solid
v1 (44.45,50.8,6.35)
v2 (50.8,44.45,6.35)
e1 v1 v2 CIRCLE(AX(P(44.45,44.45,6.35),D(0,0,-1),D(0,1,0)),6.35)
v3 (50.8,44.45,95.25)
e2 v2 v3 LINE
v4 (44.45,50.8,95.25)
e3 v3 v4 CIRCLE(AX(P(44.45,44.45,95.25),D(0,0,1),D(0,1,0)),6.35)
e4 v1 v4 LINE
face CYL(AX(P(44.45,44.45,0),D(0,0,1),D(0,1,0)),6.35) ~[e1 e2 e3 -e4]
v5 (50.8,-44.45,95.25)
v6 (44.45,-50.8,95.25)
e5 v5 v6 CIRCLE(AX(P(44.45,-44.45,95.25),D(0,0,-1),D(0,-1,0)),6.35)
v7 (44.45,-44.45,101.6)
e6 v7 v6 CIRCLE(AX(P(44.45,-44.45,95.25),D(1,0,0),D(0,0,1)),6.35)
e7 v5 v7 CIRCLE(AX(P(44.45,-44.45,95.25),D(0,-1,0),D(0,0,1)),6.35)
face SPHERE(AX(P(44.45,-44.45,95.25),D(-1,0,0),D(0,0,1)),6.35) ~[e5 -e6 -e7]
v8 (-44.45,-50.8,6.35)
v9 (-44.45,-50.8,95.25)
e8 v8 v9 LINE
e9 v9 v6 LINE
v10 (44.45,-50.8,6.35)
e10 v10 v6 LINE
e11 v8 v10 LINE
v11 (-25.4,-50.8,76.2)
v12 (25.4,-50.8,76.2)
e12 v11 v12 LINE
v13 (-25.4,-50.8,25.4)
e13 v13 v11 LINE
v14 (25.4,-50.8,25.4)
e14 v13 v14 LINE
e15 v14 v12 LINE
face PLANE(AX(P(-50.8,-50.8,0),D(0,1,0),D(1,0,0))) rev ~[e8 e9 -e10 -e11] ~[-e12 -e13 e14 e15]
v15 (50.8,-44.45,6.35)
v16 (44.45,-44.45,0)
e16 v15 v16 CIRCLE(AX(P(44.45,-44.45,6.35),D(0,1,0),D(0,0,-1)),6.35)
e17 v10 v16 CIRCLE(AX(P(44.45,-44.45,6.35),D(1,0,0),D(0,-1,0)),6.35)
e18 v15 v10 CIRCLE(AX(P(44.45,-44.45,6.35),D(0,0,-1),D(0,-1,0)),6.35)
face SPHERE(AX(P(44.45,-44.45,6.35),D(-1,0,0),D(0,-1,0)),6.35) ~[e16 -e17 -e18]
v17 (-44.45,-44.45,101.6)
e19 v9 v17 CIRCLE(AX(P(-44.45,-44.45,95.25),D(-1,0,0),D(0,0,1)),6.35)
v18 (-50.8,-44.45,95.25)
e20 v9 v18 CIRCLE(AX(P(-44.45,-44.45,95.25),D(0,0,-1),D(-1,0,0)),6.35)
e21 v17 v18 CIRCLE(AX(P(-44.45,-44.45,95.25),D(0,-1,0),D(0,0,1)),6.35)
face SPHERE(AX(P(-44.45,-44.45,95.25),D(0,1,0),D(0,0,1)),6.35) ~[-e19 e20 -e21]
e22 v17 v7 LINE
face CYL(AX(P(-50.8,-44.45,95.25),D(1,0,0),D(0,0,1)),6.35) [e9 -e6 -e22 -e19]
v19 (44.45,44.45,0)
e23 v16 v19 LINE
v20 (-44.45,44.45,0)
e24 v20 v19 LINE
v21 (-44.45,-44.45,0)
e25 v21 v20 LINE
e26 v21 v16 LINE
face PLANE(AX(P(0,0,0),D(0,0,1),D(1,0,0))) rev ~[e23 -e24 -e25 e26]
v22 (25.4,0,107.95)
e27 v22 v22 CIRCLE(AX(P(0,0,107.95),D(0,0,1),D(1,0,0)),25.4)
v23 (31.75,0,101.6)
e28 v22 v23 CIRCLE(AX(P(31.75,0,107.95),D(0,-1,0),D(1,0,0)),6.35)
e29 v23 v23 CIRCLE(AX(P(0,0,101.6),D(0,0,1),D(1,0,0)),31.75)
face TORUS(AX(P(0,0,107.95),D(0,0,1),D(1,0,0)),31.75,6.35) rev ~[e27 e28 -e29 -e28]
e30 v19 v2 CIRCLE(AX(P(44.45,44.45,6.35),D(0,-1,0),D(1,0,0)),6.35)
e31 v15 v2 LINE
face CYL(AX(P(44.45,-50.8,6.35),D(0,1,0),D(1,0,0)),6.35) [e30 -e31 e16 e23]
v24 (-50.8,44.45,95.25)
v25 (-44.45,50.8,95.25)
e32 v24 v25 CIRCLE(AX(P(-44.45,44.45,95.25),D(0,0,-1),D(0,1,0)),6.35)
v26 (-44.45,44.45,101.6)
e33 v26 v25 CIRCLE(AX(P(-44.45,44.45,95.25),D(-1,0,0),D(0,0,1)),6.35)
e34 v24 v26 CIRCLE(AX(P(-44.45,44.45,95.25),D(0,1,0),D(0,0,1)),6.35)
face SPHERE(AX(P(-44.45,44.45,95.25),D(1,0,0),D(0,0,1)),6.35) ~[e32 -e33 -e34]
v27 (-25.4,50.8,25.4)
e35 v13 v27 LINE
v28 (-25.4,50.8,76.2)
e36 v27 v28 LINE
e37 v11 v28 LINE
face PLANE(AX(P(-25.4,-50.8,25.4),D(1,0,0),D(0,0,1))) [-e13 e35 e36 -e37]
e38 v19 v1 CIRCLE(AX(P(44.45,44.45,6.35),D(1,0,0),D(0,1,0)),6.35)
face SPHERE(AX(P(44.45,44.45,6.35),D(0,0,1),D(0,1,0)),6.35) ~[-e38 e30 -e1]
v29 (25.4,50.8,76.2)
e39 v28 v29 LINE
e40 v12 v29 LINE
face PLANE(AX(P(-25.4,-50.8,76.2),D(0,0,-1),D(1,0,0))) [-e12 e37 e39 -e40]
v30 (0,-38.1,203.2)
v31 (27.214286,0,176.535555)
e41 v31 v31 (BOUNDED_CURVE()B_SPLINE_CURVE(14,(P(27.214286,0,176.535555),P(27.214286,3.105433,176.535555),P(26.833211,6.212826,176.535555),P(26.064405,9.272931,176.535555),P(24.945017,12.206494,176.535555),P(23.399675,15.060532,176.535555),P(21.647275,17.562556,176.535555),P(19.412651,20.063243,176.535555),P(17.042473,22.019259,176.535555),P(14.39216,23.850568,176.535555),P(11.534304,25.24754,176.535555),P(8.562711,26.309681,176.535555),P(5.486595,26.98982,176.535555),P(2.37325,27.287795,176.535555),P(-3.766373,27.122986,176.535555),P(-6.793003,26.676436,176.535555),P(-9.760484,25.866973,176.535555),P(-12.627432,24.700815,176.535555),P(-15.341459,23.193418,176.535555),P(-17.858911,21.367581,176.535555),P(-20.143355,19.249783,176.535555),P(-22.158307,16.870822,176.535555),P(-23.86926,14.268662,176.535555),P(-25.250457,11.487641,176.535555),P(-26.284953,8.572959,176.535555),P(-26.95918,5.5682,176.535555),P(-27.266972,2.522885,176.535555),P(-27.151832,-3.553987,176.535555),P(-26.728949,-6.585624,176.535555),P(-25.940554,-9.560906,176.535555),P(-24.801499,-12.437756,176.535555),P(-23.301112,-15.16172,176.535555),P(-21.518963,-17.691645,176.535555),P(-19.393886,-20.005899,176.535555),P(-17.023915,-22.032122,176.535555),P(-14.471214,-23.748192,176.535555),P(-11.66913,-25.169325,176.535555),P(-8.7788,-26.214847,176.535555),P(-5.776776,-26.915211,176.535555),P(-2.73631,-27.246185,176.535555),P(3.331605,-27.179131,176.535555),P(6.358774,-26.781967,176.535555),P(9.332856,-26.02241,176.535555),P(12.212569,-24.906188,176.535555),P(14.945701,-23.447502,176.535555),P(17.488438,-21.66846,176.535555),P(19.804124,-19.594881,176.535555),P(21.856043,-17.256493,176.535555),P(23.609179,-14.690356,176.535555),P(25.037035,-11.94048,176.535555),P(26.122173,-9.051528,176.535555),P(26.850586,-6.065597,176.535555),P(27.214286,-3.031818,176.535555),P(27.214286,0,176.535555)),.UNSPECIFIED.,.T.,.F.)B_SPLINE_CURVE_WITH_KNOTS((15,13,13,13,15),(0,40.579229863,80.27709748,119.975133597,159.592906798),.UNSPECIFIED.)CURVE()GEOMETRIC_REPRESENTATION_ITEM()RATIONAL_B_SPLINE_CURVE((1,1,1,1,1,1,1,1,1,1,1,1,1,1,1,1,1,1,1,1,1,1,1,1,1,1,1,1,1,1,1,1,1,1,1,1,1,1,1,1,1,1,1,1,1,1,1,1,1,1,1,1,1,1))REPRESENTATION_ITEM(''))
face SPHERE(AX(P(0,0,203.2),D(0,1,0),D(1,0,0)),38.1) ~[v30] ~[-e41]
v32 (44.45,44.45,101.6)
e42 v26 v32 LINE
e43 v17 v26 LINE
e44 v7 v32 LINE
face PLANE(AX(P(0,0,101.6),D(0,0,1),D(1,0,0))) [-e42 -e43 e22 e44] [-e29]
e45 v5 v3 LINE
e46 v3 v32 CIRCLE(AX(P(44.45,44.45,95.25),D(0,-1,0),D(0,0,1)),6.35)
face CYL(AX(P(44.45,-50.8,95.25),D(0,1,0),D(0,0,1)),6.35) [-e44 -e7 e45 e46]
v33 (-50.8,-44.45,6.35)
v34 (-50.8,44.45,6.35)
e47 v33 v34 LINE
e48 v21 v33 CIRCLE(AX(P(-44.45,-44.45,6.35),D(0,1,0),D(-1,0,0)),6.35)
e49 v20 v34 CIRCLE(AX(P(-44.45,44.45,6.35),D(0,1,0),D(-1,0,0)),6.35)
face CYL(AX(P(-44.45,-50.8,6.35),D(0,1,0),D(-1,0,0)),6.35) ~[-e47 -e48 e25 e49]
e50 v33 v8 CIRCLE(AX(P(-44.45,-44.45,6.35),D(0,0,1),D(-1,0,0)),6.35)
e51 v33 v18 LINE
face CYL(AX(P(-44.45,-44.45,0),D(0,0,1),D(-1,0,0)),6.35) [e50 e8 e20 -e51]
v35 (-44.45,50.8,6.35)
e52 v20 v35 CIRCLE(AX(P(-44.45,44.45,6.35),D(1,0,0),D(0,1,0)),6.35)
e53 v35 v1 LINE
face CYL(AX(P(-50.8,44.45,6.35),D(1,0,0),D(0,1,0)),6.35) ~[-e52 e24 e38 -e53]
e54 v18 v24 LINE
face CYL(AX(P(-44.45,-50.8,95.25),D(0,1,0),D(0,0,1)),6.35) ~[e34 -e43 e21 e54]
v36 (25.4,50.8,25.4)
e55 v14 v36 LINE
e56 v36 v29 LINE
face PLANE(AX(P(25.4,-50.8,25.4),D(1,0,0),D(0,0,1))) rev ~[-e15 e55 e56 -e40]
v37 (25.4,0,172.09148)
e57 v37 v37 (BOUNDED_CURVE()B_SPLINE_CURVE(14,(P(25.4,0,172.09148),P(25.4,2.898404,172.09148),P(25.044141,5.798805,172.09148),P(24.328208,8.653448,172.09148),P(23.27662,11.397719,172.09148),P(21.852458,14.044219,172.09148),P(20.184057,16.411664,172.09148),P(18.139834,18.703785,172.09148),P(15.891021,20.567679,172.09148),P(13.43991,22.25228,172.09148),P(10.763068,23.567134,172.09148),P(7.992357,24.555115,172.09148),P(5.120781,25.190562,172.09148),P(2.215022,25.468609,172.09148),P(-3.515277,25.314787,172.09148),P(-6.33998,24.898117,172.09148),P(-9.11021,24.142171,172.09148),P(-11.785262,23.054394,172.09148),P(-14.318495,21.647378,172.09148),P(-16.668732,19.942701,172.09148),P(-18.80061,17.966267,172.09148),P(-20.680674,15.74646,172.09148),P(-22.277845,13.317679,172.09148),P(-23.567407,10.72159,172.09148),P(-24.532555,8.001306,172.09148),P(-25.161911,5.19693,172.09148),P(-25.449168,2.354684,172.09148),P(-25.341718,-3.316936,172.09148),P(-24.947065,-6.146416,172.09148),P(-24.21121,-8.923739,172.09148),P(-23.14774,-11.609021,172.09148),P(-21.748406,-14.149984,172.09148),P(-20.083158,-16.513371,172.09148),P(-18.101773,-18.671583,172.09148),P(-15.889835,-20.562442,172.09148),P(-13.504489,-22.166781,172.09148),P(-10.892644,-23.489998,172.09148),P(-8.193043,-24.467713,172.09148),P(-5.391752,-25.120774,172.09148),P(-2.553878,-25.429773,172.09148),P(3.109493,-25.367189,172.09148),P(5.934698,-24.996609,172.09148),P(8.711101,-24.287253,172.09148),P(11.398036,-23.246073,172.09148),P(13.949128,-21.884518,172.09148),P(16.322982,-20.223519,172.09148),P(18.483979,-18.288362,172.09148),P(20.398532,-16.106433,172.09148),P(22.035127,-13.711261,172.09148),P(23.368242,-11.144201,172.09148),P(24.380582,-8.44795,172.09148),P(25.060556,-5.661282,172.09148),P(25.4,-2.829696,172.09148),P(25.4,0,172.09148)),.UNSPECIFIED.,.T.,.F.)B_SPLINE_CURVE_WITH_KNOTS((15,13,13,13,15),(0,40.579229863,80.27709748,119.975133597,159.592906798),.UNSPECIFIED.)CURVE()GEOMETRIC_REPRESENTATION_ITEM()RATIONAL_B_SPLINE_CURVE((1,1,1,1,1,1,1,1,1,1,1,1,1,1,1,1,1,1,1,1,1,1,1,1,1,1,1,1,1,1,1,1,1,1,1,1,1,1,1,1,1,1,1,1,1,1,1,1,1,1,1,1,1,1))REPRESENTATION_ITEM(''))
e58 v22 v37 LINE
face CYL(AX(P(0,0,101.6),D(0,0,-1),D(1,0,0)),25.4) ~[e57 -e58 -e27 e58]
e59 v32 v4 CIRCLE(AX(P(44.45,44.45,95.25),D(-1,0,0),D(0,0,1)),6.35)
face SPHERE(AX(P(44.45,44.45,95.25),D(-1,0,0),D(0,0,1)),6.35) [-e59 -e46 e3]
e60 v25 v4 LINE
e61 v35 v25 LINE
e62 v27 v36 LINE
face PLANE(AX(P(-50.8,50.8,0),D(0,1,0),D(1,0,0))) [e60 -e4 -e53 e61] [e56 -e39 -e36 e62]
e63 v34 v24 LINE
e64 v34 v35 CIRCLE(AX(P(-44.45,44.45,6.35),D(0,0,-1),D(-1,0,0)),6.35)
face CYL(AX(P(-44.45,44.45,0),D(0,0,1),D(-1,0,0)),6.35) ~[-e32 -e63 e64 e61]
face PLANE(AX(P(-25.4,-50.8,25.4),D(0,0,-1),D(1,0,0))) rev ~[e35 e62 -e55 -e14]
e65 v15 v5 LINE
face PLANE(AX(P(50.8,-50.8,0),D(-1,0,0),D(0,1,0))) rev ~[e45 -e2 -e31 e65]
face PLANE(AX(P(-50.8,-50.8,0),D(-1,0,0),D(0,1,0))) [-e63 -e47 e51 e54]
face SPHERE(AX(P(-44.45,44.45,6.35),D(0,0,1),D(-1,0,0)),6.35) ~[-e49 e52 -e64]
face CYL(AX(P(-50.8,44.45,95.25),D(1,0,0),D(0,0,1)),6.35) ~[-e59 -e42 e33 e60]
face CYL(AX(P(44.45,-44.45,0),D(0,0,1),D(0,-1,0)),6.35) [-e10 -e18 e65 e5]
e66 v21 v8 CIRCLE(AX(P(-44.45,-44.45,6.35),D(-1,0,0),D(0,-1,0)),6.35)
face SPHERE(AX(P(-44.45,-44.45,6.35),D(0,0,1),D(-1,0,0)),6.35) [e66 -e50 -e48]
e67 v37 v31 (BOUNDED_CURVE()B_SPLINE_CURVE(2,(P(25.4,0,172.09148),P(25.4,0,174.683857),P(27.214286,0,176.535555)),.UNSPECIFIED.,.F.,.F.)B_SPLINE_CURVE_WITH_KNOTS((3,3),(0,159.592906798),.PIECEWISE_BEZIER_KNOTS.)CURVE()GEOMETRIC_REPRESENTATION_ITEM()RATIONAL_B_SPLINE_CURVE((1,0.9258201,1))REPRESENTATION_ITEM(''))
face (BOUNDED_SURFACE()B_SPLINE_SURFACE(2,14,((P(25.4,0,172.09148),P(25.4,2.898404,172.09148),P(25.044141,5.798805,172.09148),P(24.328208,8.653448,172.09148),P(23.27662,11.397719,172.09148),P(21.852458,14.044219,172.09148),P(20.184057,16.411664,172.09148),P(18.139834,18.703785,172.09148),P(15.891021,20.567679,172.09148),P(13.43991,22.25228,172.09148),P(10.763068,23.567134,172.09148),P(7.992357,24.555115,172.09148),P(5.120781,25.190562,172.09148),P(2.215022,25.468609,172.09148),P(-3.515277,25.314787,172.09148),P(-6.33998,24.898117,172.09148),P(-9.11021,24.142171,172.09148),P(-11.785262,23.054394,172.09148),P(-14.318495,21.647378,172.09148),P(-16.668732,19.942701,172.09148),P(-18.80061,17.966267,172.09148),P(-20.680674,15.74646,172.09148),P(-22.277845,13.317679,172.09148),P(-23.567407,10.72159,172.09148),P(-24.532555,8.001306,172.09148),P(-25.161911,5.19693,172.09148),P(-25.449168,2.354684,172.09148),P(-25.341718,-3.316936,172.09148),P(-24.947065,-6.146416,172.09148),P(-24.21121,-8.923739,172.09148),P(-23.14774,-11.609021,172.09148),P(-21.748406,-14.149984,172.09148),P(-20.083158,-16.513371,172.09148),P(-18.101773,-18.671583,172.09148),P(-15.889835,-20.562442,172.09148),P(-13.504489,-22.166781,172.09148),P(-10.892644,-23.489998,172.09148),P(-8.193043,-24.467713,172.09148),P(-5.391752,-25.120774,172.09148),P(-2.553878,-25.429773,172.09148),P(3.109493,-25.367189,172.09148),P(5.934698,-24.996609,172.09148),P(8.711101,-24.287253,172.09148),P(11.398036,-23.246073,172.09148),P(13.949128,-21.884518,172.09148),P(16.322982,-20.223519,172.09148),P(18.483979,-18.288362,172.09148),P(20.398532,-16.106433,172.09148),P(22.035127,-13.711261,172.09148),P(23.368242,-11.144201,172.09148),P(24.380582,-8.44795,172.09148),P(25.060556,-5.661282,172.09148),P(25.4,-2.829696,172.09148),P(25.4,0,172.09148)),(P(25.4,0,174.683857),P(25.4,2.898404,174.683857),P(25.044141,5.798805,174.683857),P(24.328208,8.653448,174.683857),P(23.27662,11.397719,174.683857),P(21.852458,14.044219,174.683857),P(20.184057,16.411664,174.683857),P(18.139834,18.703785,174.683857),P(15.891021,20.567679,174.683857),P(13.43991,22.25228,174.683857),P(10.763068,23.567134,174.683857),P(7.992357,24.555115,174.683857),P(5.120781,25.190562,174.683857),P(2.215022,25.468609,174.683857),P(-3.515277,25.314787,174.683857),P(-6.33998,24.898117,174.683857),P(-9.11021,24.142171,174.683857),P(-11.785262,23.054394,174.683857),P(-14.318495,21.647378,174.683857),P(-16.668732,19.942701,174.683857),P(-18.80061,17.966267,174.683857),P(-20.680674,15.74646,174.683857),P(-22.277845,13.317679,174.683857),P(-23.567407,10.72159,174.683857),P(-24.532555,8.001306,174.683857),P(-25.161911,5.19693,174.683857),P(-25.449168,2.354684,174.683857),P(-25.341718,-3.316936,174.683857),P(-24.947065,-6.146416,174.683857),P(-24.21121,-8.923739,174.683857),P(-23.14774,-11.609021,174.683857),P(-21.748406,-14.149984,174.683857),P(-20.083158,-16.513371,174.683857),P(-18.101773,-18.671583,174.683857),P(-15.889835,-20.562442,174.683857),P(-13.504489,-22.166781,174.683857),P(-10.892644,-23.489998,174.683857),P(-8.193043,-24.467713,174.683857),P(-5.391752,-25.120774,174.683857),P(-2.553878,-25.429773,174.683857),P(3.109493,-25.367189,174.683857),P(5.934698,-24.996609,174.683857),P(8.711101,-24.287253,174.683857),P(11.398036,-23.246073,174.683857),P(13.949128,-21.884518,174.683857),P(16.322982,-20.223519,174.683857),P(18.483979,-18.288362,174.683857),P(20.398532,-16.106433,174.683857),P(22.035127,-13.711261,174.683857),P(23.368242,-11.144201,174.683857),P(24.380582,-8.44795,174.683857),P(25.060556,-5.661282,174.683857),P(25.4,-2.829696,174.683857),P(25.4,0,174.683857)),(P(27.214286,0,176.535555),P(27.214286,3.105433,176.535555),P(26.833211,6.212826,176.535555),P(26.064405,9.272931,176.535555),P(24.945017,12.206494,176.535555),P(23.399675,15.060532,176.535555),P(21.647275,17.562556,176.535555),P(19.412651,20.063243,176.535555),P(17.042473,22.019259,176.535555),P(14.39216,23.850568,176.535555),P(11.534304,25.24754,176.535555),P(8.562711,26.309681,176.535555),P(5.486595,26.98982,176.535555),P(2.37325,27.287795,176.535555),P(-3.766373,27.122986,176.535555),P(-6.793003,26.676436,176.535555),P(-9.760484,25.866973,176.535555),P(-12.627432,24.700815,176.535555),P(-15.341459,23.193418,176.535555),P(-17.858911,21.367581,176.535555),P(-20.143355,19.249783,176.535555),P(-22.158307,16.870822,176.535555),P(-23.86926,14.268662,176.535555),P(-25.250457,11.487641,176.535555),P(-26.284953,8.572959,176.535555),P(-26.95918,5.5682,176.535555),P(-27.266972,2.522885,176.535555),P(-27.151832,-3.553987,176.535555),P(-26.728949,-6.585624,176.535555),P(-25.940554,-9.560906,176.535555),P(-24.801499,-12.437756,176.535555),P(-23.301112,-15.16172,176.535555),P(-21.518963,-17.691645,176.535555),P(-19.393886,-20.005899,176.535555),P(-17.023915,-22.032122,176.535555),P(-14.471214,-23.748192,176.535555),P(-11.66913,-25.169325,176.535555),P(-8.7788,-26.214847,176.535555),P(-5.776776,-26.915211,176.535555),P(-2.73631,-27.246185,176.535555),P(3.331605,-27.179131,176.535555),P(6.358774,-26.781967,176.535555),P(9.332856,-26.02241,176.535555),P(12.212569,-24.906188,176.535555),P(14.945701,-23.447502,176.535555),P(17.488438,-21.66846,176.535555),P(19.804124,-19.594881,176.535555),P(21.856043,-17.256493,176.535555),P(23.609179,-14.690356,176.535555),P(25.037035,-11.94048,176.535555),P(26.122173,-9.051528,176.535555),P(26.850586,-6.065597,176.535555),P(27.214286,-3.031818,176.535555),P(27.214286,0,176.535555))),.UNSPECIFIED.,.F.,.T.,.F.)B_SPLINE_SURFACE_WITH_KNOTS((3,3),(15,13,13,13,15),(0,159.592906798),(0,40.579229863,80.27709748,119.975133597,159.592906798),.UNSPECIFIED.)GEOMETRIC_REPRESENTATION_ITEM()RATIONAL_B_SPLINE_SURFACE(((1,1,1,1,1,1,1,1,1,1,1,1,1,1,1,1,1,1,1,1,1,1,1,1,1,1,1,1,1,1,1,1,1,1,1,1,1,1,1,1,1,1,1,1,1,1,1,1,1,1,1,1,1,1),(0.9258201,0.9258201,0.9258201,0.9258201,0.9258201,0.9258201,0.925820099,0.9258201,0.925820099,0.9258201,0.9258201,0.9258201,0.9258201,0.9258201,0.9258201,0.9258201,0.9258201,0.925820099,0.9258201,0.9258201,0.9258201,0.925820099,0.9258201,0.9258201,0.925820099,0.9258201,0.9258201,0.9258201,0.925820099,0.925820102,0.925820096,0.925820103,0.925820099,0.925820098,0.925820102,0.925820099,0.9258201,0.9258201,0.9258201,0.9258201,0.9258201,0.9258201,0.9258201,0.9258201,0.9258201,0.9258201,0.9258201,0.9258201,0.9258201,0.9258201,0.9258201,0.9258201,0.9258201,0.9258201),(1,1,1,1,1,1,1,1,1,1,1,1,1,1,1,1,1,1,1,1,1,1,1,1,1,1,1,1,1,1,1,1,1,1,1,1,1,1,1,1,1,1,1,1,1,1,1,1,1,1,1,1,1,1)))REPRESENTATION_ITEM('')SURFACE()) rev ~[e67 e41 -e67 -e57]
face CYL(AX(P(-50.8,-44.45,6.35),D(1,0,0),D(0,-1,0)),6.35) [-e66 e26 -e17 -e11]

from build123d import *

# Parameters (mm, degrees)
F0_W     = 101.6
F0_H     = 101.6
F1_DEPTH = 101.6
F2_R     = 25.4
F3_DEPTH = 101.6
F6_W     = 50.8
F6_H     = 50.8
F7_DEPTH = 101.6
F8_R     = 6.35
F9_R     = 6.35


with BuildPart() as f1:
    # F0 (on Top) → F1 (new body)
    with BuildSketch(Plane.XY):
        Rectangle(F0_W, F0_H)
    extrude(amount=F1_DEPTH)

    # F2 (on face) → F3 (join)
    with BuildSketch(Plane.XY.offset(101.6)):
        Circle(F2_R)
    extrude(amount=F3_DEPTH)

    # F4 (on face) → F5 (revolve)
    with BuildSketch(Plane.XY.offset(203.2)):
        with BuildLine():
            Line((0, 25.4), (0, -25.4))
            ThreePointArc((0, -25.4), (17.9605122421, -17.9605122421), (25.4, 0))
            ThreePointArc((25.4, 0), (17.9605122421, 17.9605122421), (0, 25.4))
        make_face()
        with BuildLine():
            Line((0, -25.4), (0, -38.1))
            ThreePointArc((0, -38.1), (38.1, 0), (0, 38.1))
            Line((0, 38.1), (0, 25.4))
            ThreePointArc((0, 25.4), (17.9605122421, 17.9605122421), (25.4, 0))
            ThreePointArc((25.4, 0), (17.9605122421, -17.9605122421), (0, -25.4))
        make_face()
    revolve(axis=Axis((0, 0, 203.2), (0, -1, 0)))

    # F6 (on face) → F7 (cut)
    with BuildSketch(Plane.XZ.offset(50.8)):
        with Locations((0, 50.8)):
            Rectangle(F6_W, F6_H)
    extrude(amount=-F7_DEPTH, mode=Mode.SUBTRACT)

    # F8
    f8_edges = [f1.edges().sort_by_distance(p)[0] for p in [
        (0, 50.8, 101.6),
        (-50.8, 0, 101.6),
        (0, -50.8, 101.6),
        (50.8, 0, 101.6),
        (-25.4, 0, 101.6),
        (-50.8, -50.8, 50.8),
        (-50.8, 50.8, 50.8),
        (-50.8, 0, 0),
        (0, -50.8, 0),
        (50.8, -50.8, 50.8),
        (50.8, 50.8, 50.8),
        (0, 50.8, 0),
        (50.8, 0, 0),
    ]]
    fillet(f8_edges, radius=F8_R)

    # F9
    f9_edges = [f1.edges().sort_by_distance(p)[0] for p in [
        (-25.4, 0, 174.801937),
    ]]
    fillet(f9_edges, radius=F9_R)


solid = f1.part
